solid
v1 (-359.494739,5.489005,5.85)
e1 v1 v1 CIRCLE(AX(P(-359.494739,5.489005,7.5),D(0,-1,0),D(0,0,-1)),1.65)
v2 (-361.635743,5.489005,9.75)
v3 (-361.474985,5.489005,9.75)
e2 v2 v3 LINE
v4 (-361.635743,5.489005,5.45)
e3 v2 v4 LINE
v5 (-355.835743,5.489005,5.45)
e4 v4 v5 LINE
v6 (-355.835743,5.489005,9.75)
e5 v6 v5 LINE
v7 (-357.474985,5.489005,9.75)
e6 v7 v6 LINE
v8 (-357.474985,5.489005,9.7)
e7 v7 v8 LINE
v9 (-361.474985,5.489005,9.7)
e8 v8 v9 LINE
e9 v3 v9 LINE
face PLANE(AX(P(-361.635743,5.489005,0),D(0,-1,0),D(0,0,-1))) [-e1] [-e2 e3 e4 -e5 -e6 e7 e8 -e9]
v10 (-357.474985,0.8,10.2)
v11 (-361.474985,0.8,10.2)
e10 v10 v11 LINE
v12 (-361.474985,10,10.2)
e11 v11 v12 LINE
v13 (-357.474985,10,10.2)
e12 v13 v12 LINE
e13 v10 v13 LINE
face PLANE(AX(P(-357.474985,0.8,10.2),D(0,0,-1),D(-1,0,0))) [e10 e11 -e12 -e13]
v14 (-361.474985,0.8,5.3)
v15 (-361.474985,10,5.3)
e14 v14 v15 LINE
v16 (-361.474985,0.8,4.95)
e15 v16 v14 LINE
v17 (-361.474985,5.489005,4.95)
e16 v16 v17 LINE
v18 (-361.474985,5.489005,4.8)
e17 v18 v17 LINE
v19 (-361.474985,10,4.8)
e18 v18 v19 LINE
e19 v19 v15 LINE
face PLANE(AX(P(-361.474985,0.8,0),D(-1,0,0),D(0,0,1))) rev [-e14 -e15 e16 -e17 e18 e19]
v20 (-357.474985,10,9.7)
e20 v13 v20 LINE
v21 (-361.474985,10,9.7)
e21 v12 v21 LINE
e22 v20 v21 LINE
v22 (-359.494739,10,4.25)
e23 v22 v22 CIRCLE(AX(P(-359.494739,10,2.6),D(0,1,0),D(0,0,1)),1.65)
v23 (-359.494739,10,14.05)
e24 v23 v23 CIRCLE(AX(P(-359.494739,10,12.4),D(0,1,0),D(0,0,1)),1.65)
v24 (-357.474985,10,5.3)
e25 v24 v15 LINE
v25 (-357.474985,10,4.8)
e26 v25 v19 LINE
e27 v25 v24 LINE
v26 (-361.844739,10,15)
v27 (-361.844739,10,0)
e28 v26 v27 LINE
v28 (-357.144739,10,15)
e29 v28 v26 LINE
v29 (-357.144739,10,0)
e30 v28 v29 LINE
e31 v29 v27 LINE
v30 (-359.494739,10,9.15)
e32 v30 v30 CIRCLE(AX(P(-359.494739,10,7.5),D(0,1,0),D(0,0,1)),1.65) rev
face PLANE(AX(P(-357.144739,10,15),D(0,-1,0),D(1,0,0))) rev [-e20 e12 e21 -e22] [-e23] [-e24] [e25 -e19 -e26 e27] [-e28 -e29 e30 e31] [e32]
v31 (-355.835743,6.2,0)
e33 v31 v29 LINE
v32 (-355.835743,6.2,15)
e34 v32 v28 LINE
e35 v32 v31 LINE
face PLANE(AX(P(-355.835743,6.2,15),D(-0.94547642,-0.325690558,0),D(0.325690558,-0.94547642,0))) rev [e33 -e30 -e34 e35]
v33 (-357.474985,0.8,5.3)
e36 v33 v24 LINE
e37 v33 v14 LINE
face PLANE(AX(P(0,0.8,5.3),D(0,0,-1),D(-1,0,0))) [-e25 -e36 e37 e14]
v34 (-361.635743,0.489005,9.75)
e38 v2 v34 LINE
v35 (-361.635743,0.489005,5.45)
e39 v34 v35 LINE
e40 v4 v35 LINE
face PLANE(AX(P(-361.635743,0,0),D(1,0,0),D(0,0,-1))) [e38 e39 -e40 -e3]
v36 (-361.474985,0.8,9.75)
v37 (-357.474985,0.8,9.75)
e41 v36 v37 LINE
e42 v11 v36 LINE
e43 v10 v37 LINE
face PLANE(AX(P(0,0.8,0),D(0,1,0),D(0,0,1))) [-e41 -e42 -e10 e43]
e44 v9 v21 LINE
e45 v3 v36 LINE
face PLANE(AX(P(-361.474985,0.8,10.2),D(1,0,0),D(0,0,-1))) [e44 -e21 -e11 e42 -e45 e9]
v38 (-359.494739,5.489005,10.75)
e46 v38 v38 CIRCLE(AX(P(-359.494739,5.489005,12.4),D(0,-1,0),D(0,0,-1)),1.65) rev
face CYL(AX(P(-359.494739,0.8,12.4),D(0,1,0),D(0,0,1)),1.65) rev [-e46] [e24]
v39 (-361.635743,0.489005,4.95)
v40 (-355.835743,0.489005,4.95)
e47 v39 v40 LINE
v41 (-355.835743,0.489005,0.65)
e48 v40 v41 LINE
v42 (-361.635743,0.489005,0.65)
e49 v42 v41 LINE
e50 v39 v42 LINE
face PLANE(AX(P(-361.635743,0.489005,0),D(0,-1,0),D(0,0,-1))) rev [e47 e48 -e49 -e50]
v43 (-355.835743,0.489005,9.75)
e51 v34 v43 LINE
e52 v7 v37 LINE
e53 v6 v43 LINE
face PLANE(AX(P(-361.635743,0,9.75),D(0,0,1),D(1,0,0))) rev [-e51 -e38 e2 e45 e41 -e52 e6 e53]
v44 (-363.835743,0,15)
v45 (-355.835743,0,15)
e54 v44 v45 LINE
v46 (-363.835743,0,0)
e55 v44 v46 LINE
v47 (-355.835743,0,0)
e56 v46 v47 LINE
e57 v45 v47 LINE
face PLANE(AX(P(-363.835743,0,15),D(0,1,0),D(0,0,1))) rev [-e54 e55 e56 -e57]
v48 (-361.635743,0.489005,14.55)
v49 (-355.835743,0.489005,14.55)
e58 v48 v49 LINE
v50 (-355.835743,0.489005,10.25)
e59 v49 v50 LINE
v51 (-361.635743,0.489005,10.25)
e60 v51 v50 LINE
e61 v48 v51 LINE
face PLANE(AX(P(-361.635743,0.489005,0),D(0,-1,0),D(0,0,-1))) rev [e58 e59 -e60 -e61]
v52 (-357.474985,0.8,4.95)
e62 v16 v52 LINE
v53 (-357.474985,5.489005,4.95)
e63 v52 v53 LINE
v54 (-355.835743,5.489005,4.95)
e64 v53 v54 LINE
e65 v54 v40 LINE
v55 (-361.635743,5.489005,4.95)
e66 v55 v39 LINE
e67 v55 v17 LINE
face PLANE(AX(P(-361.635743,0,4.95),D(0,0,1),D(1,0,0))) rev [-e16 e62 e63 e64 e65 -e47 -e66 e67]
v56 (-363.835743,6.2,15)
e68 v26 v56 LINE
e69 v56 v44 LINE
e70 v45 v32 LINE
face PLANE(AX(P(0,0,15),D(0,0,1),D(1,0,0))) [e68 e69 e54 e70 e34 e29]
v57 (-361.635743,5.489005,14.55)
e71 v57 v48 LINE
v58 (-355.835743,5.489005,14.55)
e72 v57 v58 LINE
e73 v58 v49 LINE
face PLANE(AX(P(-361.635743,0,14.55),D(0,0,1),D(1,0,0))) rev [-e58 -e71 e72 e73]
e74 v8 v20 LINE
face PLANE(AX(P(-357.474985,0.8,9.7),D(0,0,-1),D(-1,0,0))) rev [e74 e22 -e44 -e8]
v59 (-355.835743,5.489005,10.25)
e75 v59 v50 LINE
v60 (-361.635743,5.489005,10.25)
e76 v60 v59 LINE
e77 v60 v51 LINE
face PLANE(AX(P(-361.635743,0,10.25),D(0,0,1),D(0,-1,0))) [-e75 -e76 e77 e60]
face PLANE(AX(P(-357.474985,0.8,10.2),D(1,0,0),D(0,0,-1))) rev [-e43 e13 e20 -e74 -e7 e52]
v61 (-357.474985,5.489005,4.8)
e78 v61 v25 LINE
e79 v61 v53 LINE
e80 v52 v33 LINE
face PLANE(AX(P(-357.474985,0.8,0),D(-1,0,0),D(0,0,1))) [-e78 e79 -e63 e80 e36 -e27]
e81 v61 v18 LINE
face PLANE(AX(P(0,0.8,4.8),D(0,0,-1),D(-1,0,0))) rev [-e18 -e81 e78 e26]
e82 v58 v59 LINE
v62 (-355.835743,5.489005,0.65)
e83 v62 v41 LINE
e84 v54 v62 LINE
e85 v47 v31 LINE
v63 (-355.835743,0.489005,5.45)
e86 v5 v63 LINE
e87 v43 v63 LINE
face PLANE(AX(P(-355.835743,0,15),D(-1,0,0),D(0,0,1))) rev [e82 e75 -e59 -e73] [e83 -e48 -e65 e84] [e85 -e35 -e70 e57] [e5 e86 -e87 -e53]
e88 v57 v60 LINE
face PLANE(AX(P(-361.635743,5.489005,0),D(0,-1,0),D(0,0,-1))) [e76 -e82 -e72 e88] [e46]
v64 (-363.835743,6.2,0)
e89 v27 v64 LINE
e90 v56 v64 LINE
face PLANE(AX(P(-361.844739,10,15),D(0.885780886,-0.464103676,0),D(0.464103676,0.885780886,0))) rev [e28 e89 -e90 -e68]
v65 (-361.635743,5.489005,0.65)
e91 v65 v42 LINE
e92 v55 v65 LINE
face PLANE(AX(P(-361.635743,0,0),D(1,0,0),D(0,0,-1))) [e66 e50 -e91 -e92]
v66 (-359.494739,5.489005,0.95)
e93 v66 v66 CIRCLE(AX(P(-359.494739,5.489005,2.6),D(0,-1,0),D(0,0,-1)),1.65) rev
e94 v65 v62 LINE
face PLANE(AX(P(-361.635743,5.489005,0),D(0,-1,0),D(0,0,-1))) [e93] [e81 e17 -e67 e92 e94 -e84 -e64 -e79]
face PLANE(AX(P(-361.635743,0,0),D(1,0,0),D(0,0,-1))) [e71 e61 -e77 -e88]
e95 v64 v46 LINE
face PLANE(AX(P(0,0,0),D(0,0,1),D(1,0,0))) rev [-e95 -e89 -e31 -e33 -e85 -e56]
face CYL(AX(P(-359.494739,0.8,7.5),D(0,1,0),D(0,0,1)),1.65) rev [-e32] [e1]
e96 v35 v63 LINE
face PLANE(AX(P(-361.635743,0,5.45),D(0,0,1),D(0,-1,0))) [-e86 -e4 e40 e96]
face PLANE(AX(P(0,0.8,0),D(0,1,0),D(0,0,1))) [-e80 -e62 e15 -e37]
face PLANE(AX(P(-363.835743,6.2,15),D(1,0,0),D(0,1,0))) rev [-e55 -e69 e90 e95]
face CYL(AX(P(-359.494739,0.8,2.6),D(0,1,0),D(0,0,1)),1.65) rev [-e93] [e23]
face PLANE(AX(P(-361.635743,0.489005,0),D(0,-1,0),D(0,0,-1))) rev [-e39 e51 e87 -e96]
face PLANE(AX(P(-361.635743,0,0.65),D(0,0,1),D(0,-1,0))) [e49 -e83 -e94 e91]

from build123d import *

# Parameters (mm, degrees)
BOSS_EXTRUDE1_DEPTH = 15
SKETCH2_W           = 4
SKETCH2_H           = 0.5
SKETCH2_R           = 1.65
CUT_EXTRUDE1_DEPTH  = 9.2
SKETCH3_W           = 4.3
SKETCH3_H           = 5
CUT_EXTRUDE2_DEPTH  = 5.8


with BuildPart() as part:
    # Sketch1 → Boss-Extrude1 (new body)
    with BuildSketch(Plane.XY):
        Polygon((-363.835743374, 0), (-355.835743374, 0), (-355.835743374, 6.2), (-357.144738603, 10), (-361.844738603, 10), (-363.835743374, 6.2), align=None)
    extrude(amount=BOSS_EXTRUDE1_DEPTH)

    # Sketch2 → Cut-Extrude1 (cut)
    with BuildSketch(Plane(origin=(0, 10, 0), x_dir=(1, 0, 0), z_dir=(0, 1, 0))):
        with Locations((-359.47498497, -5.05)):
            Rectangle(SKETCH2_W, SKETCH2_H)
        with Locations((-359.47498497, -9.95)):
            Rectangle(SKETCH2_W, SKETCH2_H)
        with Locations((-359.494738603, -2.6)):
            Circle(SKETCH2_R)
        with Locations((-359.494738603, -7.5)):
            Circle(SKETCH2_R)
        with Locations((-359.494738603, -12.4)):
            Circle(SKETCH2_R)
    extrude(amount=-CUT_EXTRUDE1_DEPTH, mode=Mode.SUBTRACT)

    # Sketch3 → Cut-Extrude2 (cut)
    with BuildSketch(Plane(origin=(-355.835743374, 0, 0), x_dir=(0, 0, -1), z_dir=(1, 0, 0))):
        with Locations((-12.4, 2.989005182)):
            Rectangle(SKETCH3_W, SKETCH3_H)
        with Locations((-7.6, 2.989005182)):
            Rectangle(SKETCH3_W, SKETCH3_H)
        with Locations((-2.8, 2.989005182)):
            Rectangle(SKETCH3_W, SKETCH3_H)
    extrude(amount=-CUT_EXTRUDE2_DEPTH, mode=Mode.SUBTRACT)


solid = part.part
